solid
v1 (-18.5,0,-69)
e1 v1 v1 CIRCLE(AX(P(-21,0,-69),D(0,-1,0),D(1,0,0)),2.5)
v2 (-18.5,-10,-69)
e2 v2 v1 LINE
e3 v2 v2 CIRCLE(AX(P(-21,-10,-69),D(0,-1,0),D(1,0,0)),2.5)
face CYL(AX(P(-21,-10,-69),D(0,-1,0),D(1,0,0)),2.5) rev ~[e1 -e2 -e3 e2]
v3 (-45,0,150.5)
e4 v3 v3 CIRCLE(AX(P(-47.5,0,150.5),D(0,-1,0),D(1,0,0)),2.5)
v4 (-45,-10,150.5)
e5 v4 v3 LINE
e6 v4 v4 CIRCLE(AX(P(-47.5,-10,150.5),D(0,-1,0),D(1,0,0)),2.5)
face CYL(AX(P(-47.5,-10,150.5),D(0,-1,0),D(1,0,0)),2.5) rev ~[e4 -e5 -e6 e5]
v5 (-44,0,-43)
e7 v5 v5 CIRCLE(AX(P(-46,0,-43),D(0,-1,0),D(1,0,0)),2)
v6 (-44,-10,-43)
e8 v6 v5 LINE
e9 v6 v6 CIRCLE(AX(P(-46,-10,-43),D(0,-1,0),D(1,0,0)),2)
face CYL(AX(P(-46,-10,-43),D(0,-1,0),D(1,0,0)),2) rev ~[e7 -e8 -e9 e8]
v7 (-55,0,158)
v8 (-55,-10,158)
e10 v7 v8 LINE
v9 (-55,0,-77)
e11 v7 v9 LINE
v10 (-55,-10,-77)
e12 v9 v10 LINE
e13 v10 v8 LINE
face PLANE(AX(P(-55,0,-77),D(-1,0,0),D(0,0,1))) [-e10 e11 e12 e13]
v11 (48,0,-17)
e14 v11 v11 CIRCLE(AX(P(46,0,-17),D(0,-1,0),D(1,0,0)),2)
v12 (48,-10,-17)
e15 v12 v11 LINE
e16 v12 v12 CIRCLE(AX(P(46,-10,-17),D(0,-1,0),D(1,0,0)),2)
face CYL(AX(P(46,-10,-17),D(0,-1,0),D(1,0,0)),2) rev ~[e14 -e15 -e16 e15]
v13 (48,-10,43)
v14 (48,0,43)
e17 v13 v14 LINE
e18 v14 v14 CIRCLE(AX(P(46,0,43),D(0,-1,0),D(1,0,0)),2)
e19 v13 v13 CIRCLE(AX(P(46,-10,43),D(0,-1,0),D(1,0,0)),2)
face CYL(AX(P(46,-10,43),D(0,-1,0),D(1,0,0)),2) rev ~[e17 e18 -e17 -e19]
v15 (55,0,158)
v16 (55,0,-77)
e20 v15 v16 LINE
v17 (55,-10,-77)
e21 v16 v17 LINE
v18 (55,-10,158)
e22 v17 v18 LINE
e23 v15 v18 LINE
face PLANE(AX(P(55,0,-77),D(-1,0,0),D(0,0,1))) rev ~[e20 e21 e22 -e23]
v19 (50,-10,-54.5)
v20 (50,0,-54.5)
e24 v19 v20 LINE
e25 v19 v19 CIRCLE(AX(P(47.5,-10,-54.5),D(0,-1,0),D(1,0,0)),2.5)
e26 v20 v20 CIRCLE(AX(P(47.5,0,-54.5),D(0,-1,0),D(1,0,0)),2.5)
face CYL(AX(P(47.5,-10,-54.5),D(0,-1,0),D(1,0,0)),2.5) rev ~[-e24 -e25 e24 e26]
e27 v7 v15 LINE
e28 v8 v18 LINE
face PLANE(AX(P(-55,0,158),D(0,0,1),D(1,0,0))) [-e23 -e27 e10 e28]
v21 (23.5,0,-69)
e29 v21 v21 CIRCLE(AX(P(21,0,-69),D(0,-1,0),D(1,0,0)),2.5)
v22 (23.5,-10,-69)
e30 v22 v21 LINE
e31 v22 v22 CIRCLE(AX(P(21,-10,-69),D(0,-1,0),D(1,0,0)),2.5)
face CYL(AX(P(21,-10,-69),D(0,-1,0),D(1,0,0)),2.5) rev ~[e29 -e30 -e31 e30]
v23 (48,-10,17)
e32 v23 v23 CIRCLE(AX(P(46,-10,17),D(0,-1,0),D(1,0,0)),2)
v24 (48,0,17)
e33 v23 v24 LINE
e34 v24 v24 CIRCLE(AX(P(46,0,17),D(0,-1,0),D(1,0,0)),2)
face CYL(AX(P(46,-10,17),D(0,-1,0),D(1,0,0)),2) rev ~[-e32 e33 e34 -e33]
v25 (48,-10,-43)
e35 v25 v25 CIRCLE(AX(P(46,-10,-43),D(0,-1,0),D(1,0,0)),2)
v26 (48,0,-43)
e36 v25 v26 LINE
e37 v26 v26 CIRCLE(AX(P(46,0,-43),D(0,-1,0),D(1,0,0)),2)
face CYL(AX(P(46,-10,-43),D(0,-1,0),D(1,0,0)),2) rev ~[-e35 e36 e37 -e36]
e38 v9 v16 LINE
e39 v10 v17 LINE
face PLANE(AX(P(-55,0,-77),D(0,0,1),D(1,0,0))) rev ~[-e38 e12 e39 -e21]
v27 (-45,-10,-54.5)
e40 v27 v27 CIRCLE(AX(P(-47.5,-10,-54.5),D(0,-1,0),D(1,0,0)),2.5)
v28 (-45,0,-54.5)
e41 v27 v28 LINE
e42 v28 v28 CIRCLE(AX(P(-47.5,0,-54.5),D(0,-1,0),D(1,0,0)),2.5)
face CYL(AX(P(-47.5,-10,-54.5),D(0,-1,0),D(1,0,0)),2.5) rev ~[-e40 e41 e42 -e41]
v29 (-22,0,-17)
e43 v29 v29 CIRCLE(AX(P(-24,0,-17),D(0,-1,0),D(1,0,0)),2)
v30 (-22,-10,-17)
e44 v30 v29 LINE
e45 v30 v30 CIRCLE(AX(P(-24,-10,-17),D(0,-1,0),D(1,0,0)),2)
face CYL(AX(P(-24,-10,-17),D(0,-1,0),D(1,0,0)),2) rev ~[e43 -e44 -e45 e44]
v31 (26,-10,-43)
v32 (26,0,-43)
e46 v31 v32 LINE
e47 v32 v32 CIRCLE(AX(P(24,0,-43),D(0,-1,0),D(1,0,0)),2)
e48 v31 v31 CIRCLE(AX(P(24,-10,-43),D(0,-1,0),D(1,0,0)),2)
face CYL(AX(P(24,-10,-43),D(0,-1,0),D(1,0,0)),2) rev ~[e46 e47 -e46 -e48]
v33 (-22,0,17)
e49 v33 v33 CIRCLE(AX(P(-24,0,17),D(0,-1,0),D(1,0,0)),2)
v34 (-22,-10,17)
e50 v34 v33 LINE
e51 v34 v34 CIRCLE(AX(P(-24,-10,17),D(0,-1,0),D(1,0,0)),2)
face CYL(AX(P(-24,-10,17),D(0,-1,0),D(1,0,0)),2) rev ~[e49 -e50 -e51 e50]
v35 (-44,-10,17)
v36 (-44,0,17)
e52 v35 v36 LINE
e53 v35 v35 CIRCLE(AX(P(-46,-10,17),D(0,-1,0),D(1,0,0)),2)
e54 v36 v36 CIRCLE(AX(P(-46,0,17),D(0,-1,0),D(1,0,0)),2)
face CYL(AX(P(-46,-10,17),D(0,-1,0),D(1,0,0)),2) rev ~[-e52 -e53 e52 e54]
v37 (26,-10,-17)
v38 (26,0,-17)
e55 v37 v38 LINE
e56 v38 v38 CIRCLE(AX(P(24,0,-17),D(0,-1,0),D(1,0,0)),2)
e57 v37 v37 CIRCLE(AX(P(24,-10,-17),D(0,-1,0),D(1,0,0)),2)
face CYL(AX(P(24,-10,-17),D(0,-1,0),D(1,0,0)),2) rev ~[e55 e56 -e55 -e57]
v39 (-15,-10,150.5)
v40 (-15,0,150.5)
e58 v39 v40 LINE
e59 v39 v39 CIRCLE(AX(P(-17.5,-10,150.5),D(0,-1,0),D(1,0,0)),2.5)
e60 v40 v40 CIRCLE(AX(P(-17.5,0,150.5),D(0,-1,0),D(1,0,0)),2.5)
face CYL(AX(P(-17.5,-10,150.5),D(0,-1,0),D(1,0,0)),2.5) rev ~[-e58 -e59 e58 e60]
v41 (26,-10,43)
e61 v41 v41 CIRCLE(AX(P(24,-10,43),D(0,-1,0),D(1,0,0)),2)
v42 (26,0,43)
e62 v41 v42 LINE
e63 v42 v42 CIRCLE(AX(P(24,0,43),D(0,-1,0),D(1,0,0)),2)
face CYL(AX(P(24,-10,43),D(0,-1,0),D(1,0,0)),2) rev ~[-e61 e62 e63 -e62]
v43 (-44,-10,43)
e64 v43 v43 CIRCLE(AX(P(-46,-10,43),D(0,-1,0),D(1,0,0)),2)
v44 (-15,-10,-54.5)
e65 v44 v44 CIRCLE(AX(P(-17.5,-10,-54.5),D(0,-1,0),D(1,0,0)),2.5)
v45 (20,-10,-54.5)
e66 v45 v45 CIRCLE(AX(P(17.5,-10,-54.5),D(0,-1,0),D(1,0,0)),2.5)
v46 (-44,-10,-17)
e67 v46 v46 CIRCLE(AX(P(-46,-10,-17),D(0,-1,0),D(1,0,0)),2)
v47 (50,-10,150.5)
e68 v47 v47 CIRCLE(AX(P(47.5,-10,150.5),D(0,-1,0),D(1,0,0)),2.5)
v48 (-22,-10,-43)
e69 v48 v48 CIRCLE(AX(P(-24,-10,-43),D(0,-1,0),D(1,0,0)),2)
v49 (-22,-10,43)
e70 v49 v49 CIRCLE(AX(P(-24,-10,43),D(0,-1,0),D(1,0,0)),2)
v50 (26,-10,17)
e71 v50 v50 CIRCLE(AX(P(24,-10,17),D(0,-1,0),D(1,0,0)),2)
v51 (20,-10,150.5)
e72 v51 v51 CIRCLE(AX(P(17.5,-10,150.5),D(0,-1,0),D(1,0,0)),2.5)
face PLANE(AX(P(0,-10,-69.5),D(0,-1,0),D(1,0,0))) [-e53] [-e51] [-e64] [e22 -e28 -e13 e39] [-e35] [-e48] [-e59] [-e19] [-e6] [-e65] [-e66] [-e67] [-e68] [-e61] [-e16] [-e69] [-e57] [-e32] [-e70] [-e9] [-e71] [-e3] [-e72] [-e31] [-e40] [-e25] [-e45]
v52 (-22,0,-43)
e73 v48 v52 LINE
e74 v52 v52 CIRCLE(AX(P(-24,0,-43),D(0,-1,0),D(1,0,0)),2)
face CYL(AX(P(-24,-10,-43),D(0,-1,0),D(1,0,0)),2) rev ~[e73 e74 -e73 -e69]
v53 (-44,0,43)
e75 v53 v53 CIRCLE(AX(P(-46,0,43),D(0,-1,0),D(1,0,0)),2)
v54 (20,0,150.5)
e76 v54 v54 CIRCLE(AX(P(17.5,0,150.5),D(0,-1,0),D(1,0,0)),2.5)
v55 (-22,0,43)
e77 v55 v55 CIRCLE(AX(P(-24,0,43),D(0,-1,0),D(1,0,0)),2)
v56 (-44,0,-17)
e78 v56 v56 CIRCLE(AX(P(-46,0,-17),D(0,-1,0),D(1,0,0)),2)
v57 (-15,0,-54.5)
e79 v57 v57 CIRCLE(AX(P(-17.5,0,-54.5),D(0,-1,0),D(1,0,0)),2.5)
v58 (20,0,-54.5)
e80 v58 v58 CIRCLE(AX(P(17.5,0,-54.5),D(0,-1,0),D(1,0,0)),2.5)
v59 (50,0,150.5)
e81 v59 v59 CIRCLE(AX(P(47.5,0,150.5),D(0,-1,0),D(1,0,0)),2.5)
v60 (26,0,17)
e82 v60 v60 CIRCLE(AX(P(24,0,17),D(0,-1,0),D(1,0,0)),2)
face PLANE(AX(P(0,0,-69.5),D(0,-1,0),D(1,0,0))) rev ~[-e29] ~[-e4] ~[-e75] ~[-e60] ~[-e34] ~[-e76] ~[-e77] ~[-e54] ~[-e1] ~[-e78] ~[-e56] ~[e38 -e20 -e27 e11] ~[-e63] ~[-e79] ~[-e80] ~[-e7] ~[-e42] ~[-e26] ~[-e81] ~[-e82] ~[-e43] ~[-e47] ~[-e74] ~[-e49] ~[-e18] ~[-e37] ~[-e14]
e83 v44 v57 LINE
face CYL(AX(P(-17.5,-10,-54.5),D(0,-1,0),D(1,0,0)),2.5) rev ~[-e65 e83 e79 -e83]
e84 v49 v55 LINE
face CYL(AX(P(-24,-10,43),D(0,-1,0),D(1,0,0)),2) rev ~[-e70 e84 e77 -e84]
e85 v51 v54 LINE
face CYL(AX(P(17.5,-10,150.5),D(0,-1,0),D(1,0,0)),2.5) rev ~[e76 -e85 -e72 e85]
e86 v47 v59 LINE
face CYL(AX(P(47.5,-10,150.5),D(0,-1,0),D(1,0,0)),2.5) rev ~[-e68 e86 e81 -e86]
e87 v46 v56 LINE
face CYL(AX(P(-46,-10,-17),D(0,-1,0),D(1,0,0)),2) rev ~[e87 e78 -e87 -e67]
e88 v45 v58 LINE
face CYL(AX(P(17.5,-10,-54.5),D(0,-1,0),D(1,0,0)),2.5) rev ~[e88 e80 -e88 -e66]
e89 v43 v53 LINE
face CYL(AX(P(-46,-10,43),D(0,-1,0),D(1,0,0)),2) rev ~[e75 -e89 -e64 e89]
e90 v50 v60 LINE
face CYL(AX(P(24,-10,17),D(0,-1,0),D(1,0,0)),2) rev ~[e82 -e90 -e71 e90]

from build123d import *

# Parameters (mm, degrees)
F0_W      = 110
F0_H      = 94
F1_DEPTH  = 10
F2_R      = 2
F3_DEPTH  = 25
F4_W      = 110
F4_H      = 111
F4_H_2    = 15
F5_DEPTH  = 10
F6_R      = 2.5
F7_DEPTH  = 25
F8_W      = 110
F8_H      = 15
F9_DEPTH  = 10
F10_R     = 2.5
F11_DEPTH = 25


with BuildPart() as f1:
    # F0 (on Front) → F1 (new body)
    with BuildSketch(Plane.XZ):
        Rectangle(F0_W, F0_H)
    extrude(amount=F1_DEPTH)

    # F2 (on face) → F3 (cut)
    with BuildSketch(Plane.XZ.offset(10)):
        with Locations((-46, 43)):
            Circle(F2_R)
        with Locations((-24, 43)):
            Circle(F2_R)
        with Locations((-46, 17)):
            Circle(F2_R)
        with Locations((-24, 17)):
            Circle(F2_R)
        with Locations((46, 43)):
            Circle(F2_R)
        with Locations((24, 43)):
            Circle(F2_R)
        with Locations((24, 17)):
            Circle(F2_R)
        with Locations((46, 17)):
            Circle(F2_R)
        with Locations((-46, -17)):
            Circle(F2_R)
        with Locations((-46, -43)):
            Circle(F2_R)
        with Locations((-24, -43)):
            Circle(F2_R)
        with Locations((-24, -17)):
            Circle(F2_R)
        with Locations((24, -17)):
            Circle(F2_R)
        with Locations((24, -43)):
            Circle(F2_R)
        with Locations((46, -43)):
            Circle(F2_R)
        with Locations((46, -17)):
            Circle(F2_R)
    extrude(amount=-F3_DEPTH, mode=Mode.SUBTRACT)

    # F4 (on Front) → F5 (join)
    with BuildSketch(Plane.XZ):
        with Locations((0, 102.5)):
            Rectangle(F4_W, F4_H)
        with Locations((0, -54.5)):
            Rectangle(F4_W, F4_H_2)
    extrude(amount=F5_DEPTH)

    # F6 (on face) → F7 (cut)
    with BuildSketch(Plane.XZ.offset(10)):
        with Locations((-47.5, -54.5)):
            Circle(F6_R)
        with Locations((-17.5, -54.5)):
            Circle(F6_R)
        with Locations((17.5, -54.5)):
            Circle(F6_R)
        with Locations((47.5, -54.5)):
            Circle(F6_R)
        with Locations((-47.5, 150.5)):
            Circle(F6_R)
        with Locations((-17.5, 150.5)):
            Circle(F6_R)
        with Locations((17.5, 150.5)):
            Circle(F6_R)
        with Locations((47.5, 150.5)):
            Circle(F6_R)
    extrude(amount=-F7_DEPTH, mode=Mode.SUBTRACT)

    # F8 (on Front) → F9 (join)
    with BuildSketch(Plane.XZ):
        with Locations((0, -69.5)):
            Rectangle(F8_W, F8_H)
    extrude(amount=F9_DEPTH)

    # F10 (on face) → F11 (cut)
    with BuildSketch(Plane.XZ.offset(10)):
        with Locations((-21, -69)):
            Circle(F10_R)
        with Locations((21, -69)):
            Circle(F10_R)
    extrude(amount=-F11_DEPTH, mode=Mode.SUBTRACT)


solid = f1.part
